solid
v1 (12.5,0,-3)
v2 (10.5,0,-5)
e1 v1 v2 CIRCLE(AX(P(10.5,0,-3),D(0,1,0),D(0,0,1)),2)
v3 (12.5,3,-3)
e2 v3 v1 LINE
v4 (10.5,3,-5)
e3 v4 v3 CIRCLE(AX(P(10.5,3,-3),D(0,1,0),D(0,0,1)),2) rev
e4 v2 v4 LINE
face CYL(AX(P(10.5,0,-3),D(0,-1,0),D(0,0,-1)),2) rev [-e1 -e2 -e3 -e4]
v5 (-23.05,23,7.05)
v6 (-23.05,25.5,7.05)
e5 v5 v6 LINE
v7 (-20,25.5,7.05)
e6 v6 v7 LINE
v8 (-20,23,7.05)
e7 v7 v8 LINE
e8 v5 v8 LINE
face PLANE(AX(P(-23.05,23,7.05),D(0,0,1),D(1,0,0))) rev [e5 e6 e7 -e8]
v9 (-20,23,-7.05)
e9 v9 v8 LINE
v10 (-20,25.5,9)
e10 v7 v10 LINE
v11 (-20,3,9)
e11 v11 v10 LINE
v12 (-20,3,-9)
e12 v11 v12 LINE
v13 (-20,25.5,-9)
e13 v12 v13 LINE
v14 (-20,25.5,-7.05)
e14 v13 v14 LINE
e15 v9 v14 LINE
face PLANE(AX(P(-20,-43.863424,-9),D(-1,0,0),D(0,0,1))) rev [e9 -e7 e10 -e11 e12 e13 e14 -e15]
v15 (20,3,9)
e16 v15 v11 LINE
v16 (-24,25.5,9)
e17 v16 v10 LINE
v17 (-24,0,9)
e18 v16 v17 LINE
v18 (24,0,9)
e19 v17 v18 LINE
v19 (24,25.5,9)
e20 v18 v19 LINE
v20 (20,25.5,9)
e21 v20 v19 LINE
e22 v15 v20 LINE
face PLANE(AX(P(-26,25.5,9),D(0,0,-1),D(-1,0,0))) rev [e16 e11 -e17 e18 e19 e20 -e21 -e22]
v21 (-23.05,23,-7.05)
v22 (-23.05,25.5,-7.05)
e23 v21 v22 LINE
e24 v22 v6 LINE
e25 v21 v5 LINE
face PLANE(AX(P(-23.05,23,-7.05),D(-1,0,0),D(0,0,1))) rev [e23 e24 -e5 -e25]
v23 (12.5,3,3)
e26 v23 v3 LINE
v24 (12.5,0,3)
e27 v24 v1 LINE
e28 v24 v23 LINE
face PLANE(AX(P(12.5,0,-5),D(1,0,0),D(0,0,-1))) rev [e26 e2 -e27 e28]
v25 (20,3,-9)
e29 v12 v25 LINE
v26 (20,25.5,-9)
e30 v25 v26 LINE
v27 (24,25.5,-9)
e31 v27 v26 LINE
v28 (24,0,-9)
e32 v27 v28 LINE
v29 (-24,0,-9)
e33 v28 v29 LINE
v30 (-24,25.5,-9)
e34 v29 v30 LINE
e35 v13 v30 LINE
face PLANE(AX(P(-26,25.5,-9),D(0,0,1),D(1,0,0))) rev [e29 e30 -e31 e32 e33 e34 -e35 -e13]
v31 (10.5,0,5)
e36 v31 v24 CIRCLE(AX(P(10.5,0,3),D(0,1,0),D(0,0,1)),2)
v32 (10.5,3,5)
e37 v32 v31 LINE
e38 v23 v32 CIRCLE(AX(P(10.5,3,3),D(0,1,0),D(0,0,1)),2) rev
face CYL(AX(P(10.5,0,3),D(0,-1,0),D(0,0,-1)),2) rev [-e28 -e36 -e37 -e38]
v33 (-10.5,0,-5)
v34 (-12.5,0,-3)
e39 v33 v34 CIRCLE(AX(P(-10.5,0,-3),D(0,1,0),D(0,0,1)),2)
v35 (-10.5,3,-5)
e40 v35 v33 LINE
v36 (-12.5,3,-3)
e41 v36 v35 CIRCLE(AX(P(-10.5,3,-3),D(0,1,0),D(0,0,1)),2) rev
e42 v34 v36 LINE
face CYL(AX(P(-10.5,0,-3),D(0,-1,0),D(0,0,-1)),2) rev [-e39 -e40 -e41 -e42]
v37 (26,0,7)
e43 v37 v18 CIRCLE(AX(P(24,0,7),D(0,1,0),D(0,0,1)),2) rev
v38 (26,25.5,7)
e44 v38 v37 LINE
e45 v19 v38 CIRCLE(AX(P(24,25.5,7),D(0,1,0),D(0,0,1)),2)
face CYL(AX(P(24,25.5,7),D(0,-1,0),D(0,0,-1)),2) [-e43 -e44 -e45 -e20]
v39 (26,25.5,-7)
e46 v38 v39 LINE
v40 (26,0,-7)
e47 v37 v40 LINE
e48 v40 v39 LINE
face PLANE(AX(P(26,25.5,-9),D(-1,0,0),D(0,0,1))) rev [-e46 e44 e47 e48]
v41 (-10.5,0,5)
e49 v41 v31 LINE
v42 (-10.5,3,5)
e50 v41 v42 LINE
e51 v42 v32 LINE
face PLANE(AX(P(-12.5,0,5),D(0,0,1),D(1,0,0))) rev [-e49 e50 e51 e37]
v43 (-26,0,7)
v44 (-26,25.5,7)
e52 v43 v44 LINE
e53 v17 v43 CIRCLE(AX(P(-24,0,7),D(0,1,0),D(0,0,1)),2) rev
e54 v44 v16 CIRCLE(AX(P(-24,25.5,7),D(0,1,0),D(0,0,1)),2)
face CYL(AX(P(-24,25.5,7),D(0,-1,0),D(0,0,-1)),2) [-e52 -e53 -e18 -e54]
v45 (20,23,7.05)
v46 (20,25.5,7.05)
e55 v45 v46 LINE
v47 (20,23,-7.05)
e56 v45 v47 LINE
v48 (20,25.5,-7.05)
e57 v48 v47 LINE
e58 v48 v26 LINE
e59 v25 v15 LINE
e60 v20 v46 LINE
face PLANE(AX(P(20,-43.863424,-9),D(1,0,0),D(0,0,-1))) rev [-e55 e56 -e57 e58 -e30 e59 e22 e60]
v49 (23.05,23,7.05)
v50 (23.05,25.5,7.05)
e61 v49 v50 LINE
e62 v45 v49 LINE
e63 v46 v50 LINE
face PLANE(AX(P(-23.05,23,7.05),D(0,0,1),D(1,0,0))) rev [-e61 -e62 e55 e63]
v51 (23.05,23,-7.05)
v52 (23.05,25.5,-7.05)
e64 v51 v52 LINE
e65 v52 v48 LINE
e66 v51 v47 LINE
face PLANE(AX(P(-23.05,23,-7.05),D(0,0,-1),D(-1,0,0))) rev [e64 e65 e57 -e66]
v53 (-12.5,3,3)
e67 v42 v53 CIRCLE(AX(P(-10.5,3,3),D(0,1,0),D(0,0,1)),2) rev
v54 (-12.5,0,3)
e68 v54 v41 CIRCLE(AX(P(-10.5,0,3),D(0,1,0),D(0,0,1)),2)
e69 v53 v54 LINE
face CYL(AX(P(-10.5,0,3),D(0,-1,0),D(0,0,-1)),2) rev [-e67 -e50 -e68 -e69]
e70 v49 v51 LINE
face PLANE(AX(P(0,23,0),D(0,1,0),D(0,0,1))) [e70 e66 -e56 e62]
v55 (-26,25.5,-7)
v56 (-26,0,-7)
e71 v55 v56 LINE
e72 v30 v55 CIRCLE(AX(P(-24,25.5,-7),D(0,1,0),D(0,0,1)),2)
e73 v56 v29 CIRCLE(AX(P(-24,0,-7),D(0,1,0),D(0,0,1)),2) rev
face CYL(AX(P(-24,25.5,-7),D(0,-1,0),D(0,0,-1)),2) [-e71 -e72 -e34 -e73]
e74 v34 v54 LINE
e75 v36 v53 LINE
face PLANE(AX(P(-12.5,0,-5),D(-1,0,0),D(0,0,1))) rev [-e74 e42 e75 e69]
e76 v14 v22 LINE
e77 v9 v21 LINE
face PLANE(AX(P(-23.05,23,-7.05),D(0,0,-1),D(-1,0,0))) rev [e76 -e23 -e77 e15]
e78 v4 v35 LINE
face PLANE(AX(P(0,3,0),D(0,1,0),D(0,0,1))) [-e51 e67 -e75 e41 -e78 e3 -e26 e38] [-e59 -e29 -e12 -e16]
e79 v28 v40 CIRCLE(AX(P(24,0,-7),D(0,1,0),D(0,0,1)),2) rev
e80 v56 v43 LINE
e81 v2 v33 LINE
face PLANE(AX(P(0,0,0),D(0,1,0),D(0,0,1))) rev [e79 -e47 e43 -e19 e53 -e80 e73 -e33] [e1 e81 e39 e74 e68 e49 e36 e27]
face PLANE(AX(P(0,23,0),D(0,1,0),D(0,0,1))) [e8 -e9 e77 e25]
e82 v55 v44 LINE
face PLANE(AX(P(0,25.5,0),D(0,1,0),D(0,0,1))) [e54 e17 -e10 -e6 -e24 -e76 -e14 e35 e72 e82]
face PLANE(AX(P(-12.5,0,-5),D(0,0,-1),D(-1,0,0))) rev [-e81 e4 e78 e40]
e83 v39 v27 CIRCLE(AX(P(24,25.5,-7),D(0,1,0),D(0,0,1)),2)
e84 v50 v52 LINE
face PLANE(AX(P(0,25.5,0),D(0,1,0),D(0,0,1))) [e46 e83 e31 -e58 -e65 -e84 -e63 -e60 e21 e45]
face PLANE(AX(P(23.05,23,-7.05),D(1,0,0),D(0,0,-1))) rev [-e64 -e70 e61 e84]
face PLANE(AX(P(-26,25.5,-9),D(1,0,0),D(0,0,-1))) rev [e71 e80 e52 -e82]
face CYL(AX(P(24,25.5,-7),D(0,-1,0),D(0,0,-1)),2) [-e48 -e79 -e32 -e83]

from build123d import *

# Parameters (mm, degrees)
SKETCH1_W           = 52
SKETCH1_H           = 18
BOSS_EXTRUDE1_DEPTH = 25.5
SKETCH2_W           = 46.1
SKETCH2_H           = 14.1
CUT_EXTRUDE1_DEPTH  = 2.5
SKETCH4_W           = 40
SKETCH4_H           = 18
CUT_EXTRUDE2_DEPTH  = 22.5
SKETCH5_W           = 25
SKETCH5_H           = 10
CUT_EXTRUDE3_DEPTH  = 4
FILLET1_R           = 2
FILLET2_R           = 2


with BuildPart() as part:
    # Sketch1 → Boss-Extrude1 (new body)
    with BuildSketch(Plane(origin=(0, 0, 0), x_dir=(1, 0, 0), z_dir=(0, 1, 0))):
        Rectangle(SKETCH1_W, SKETCH1_H)
    extrude(amount=BOSS_EXTRUDE1_DEPTH)

    # Sketch2 → Cut-Extrude1 (cut)
    with BuildSketch(Plane(origin=(0, 25.5, 0), x_dir=(1, 0, 0), z_dir=(0, 1, 0))):
        Rectangle(SKETCH2_W, SKETCH2_H)
    extrude(amount=-CUT_EXTRUDE1_DEPTH, mode=Mode.SUBTRACT)

    # Sketch4 → Cut-Extrude2 (cut)
    with BuildSketch(Plane(origin=(0, 25.5, 0), x_dir=(1, 0, 0), z_dir=(0, 1, 0))):
        Rectangle(SKETCH4_W, SKETCH4_H)
    extrude(amount=-CUT_EXTRUDE2_DEPTH, mode=Mode.SUBTRACT)

    # Sketch5 → Cut-Extrude3 (cut, through all)
    with BuildSketch(Plane(origin=(0, 3, 0), x_dir=(1, 0, 0), z_dir=(0, 1, 0))):
        Rectangle(SKETCH5_W, SKETCH5_H)
    extrude(amount=-CUT_EXTRUDE3_DEPTH, mode=Mode.SUBTRACT)

    # Fillet1
    fillet1_edges = [part.edges().sort_by_distance(p)[0] for p in [
        (-26, 12.75, -9),
        (26, 12.75, -9),
        (26, 12.75, 9),
        (-26, 12.75, 9),
    ]]
    fillet(fillet1_edges, radius=FILLET1_R)

    # Fillet2
    fillet2_edges = [part.edges().sort_by_distance(p)[0] for p in [
        (-12.5, 1.5, 5),
        (-12.5, 1.5, -5),
        (12.5, 1.5, -5),
        (12.5, 1.5, 5),
    ]]
    fillet(fillet2_edges, radius=FILLET2_R)


solid = part.part
